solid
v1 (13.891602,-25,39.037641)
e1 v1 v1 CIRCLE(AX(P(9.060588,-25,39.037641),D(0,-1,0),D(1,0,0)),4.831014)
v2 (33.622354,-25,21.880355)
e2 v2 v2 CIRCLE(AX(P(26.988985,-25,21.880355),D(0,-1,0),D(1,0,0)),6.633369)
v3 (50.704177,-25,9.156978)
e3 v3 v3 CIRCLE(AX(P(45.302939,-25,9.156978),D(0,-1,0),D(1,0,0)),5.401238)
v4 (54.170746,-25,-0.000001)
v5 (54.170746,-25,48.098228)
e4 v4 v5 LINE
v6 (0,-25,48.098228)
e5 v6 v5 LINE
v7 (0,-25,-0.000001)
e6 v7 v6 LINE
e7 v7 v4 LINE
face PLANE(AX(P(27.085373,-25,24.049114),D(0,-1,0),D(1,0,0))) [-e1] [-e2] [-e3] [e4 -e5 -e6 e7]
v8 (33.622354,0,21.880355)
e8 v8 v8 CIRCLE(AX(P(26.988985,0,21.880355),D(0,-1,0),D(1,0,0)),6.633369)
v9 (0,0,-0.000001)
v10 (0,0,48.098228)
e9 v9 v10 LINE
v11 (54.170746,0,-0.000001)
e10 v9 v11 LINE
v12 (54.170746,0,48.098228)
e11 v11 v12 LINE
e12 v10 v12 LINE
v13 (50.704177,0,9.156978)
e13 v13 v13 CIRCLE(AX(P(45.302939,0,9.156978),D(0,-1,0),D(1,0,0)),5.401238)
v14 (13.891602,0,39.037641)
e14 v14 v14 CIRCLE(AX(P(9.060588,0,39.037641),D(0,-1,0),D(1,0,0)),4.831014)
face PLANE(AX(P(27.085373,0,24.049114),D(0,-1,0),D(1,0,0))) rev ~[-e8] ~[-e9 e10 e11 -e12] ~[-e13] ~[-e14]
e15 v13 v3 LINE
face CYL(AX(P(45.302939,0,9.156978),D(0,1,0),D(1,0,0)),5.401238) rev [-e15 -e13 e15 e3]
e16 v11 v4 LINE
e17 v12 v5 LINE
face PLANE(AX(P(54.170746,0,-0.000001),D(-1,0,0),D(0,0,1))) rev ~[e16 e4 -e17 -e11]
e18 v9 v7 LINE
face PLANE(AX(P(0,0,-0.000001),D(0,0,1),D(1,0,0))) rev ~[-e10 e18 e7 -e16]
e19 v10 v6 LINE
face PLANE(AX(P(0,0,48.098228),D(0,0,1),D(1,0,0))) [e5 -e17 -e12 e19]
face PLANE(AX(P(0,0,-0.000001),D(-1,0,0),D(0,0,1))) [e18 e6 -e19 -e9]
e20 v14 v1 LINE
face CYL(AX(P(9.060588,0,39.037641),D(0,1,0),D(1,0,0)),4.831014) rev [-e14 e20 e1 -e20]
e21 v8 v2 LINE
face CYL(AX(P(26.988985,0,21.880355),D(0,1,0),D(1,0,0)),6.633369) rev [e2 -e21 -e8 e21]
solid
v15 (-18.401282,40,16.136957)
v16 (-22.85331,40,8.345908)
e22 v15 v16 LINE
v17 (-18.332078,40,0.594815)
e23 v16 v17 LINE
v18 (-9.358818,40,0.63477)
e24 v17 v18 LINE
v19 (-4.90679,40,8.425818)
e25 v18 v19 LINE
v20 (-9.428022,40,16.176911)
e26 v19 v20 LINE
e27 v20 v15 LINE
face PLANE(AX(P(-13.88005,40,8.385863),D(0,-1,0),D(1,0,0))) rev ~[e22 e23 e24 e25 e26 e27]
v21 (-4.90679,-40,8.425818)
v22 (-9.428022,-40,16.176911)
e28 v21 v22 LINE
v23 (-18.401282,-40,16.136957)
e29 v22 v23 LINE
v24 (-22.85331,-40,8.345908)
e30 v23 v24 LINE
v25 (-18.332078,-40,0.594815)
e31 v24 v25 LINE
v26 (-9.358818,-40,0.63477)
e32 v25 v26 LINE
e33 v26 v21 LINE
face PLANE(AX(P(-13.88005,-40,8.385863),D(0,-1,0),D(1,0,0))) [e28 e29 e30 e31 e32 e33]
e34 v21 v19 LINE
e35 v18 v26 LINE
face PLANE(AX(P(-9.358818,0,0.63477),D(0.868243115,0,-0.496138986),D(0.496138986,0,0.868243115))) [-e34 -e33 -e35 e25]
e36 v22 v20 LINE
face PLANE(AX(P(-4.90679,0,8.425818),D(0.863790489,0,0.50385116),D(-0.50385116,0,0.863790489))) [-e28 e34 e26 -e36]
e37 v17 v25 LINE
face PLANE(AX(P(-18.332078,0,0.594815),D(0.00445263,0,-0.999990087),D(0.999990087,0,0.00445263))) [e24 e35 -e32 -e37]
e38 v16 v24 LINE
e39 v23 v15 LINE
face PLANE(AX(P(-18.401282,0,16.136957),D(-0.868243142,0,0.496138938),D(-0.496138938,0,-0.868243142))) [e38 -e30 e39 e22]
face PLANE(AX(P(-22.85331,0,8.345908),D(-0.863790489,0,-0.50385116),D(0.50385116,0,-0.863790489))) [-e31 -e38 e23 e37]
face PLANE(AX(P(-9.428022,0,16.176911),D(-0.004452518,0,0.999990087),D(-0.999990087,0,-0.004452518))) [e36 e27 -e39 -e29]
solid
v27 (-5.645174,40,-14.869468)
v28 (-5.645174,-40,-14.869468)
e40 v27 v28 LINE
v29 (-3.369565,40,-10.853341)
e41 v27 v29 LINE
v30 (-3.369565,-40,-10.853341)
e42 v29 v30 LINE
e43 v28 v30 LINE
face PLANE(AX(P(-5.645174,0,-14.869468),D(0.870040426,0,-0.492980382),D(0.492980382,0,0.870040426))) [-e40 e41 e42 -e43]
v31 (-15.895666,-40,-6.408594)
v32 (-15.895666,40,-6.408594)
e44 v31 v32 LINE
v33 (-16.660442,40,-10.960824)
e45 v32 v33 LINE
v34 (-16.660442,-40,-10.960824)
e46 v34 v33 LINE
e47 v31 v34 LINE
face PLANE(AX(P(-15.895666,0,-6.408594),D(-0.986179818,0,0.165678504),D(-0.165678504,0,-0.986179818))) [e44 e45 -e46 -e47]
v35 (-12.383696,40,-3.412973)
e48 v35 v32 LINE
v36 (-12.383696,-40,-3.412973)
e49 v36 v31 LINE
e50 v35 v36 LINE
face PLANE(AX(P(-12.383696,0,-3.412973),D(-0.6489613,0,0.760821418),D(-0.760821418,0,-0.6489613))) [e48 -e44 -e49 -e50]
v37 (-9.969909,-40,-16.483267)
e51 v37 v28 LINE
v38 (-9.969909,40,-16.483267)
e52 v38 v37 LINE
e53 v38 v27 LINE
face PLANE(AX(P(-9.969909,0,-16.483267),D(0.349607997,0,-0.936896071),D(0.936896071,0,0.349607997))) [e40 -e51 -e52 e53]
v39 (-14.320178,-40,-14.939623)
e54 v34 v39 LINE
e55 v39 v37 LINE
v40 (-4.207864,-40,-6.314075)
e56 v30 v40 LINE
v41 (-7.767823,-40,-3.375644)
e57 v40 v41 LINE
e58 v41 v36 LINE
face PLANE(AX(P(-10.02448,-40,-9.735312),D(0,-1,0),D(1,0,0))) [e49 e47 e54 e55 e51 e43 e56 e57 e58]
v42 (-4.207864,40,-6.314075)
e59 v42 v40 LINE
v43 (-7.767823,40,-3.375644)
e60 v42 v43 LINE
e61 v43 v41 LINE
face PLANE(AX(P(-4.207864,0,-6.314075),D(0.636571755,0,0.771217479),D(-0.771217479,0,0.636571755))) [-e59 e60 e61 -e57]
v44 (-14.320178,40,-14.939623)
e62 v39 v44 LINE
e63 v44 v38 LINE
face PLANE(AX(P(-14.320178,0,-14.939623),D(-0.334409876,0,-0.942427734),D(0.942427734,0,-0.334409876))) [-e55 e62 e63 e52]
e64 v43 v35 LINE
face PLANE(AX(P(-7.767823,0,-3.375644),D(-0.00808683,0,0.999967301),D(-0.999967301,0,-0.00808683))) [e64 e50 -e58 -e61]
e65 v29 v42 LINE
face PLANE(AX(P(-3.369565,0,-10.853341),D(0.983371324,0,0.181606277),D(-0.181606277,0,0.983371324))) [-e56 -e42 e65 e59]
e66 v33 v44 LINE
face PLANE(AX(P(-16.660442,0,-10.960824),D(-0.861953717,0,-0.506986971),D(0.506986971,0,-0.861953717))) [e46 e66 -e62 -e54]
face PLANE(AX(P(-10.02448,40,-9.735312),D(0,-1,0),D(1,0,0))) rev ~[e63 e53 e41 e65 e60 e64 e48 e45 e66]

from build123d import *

# Parameters (mm, degrees)
F0_W     = 54.170746
F0_H     = 48.098229
F0_R     = 6.633369
F0_R_2   = 5.401238
F0_R_3   = 4.831014
F1_DEPTH = 25
F3_DEPTH = 40
F5_DEPTH = 40


with BuildPart() as f1:
    # F0 (on Front) → F1 (new body)
    with BuildSketch(Plane.XZ):
        with Locations((27.085373, 24.049114)):
            Rectangle(F0_W, F0_H)
        with Locations((26.988985, 21.880355)):
            Circle(F0_R, mode=Mode.SUBTRACT)
        with Locations((45.302939, 9.156978)):
            Circle(F0_R_2, mode=Mode.SUBTRACT)
        with Locations((9.060588, 39.037641)):
            Circle(F0_R_3, mode=Mode.SUBTRACT)
    extrude(amount=F1_DEPTH)


with BuildPart() as f3:
    # F2 (on Front) → F3 (new body, symmetric)
    with BuildSketch(Plane.XZ):
        Polygon((-14.320178, -14.939623), (-9.969909, -16.483267), (-5.645174, -14.869468), (-3.369565, -10.853341), (-4.207864, -6.314075), (-7.767823, -3.375644), (-12.383696, -3.412973), (-15.895666, -6.408594), (-16.660442, -10.960824), align=None)
    extrude(amount=F3_DEPTH, both=True)


with BuildPart() as f5:
    # F4 (on Front) → F5 (new body, symmetric)
    with BuildSketch(Plane.XZ):
        Polygon((-18.401282, 16.136957), (-22.85331, 8.345908), (-18.332078, 0.594815), (-9.358818, 0.63477), (-4.90679, 8.425818), (-9.428022, 16.176911), align=None)
    extrude(amount=F5_DEPTH, both=True)


solid = Compound([f1.part, f3.part, f5.part])
